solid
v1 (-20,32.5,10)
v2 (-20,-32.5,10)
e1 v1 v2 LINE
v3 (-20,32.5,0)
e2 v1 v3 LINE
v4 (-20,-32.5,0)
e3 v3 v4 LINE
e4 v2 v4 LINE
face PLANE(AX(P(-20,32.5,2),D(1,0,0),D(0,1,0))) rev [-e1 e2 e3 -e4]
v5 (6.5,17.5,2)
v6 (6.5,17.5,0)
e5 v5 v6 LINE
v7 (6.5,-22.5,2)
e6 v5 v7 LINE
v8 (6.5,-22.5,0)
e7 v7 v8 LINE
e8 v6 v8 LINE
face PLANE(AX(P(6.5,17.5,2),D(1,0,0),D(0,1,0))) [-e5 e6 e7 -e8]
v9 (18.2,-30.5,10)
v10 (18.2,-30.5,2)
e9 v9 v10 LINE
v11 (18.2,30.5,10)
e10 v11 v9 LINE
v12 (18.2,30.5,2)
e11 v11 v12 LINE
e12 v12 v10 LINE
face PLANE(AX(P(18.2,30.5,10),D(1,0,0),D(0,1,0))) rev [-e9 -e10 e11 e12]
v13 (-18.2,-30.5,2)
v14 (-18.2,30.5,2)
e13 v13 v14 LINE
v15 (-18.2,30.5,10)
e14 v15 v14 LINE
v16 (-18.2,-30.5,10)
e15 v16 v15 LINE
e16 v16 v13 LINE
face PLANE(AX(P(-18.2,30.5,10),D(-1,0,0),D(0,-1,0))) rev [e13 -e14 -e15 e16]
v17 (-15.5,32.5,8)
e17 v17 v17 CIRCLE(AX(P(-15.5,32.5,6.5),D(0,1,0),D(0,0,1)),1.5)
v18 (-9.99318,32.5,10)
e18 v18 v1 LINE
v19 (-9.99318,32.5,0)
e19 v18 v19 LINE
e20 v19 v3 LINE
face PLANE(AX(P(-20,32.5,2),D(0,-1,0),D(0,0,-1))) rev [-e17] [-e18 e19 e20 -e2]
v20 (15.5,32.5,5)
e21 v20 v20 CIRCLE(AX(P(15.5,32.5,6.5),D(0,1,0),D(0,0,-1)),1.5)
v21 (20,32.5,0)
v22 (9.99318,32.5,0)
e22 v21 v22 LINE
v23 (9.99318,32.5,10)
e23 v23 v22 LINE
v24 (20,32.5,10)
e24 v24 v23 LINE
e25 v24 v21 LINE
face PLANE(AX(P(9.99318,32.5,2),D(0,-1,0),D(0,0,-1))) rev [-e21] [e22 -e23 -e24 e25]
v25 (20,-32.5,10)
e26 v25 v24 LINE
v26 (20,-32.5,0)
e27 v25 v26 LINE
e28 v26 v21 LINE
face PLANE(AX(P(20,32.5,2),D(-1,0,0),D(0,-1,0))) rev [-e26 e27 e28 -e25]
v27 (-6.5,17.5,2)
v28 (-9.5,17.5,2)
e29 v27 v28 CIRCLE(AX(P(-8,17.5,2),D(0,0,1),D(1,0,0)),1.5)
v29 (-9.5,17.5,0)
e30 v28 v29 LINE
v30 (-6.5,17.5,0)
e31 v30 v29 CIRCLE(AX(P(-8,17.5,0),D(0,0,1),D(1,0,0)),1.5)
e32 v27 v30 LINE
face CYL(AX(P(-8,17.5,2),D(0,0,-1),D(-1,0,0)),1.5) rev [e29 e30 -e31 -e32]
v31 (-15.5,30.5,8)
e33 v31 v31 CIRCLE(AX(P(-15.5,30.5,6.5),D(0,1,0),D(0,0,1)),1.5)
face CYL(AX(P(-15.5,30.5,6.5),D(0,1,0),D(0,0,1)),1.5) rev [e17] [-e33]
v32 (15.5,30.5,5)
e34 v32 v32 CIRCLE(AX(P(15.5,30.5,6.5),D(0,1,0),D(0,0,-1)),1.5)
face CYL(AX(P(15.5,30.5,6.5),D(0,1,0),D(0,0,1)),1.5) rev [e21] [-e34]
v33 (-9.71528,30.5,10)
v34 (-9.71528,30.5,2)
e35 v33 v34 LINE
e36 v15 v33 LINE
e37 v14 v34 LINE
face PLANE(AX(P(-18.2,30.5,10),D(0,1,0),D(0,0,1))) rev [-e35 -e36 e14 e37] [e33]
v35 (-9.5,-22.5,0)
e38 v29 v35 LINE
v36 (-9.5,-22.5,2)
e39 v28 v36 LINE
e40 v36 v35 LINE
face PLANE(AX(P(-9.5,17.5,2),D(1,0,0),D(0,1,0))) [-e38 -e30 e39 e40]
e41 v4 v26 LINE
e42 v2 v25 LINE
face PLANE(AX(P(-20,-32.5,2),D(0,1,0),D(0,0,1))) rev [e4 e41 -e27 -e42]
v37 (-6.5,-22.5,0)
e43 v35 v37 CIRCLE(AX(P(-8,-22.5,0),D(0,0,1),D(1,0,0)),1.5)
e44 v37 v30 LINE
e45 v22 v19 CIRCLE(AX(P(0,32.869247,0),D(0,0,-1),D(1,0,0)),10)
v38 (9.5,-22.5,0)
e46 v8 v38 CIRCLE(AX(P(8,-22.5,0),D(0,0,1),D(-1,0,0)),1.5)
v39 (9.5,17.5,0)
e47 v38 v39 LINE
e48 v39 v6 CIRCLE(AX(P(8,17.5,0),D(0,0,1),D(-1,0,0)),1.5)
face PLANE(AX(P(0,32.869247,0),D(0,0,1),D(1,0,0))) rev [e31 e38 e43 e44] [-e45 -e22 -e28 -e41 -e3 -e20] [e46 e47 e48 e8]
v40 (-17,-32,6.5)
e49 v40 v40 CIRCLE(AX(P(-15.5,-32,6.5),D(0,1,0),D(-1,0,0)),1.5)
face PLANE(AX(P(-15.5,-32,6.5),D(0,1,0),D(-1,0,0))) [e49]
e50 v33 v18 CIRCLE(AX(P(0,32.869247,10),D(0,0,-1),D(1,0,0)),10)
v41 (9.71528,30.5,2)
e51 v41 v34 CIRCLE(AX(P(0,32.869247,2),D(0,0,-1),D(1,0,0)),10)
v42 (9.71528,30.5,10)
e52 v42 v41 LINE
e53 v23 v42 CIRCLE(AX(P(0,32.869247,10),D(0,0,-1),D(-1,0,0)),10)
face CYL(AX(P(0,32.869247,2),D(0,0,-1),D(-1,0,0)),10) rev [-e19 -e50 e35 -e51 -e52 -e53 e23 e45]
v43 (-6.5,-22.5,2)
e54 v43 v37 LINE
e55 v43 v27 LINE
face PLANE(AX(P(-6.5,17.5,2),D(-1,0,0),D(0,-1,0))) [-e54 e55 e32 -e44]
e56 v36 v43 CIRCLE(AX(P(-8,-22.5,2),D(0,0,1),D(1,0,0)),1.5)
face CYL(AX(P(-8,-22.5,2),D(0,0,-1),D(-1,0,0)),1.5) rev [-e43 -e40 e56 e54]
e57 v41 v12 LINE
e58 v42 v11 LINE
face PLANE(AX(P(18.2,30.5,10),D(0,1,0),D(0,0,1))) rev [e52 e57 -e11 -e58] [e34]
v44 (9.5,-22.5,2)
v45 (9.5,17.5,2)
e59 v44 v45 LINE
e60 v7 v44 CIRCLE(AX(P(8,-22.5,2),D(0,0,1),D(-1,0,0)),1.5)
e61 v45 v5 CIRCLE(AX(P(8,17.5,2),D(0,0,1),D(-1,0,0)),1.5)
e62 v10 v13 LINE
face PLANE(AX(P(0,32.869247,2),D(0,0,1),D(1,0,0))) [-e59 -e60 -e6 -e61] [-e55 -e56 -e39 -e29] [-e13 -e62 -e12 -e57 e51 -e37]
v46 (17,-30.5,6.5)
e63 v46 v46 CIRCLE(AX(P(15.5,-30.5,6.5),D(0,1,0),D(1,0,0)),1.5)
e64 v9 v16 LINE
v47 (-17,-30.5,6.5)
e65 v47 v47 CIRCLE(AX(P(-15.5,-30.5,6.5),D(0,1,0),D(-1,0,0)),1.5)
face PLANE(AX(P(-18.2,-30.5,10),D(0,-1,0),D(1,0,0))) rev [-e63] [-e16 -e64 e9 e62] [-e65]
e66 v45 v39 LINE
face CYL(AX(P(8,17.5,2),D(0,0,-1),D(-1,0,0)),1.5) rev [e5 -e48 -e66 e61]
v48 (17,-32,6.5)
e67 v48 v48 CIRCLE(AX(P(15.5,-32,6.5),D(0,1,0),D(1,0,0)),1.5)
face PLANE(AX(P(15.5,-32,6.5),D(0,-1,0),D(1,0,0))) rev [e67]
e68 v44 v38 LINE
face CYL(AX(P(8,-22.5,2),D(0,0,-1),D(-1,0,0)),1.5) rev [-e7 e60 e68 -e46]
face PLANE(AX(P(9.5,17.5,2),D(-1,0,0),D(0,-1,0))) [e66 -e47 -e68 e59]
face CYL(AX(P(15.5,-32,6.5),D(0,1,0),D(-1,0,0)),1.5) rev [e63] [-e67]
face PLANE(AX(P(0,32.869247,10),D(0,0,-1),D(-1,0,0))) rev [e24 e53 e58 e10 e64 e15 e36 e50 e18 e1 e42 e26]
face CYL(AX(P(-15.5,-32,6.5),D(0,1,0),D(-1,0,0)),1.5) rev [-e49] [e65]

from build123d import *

# Parameters (mm, degrees)
BOSS_EXTRUDE1_DEPTH = 2
BOSS_EXTRUDE2_DEPTH = 8
SKETCH5_R           = 1.5
CUT_EXTRUDE1_DEPTH  = 2
SKETCH6_R           = 1.5
CUT_EXTRUDE2_DEPTH  = 1.5


with BuildPart() as part:
    # Sketch1 → Boss-Extrude1 (new body)
    with BuildSketch(Plane.XY):
        with BuildLine():
            Line((-20, 32.5), (-9.993180492, 32.5))
            ThreePointArc((-9.993180492, 32.5), (0, 22.869247409), (9.993180492, 32.5))
            Line((9.993180492, 32.5), (20, 32.5))
            Line((20, 32.5), (20, -32.5))
            Line((20, -32.5), (-20, -32.5))
            Line((-20, -32.5), (-20, 32.5))
        make_face()
        with BuildLine():
            Line((-6.5, 17.5), (-6.5, -22.5))
            ThreePointArc((-6.5, -22.5), (-8, -24), (-9.5, -22.5))
            Line((-9.5, -22.5), (-9.5, 17.5))
            ThreePointArc((-9.5, 17.5), (-8, 19), (-6.5, 17.5))
        make_face(mode=Mode.SUBTRACT)
        with BuildLine():
            Line((6.5, 17.5), (6.5, -22.5))
            ThreePointArc((6.5, -22.5), (8, -24), (9.5, -22.5))
            Line((9.5, -22.5), (9.5, 17.5))
            ThreePointArc((9.5, 17.5), (8, 19), (6.5, 17.5))
        make_face(mode=Mode.SUBTRACT)
    extrude(amount=BOSS_EXTRUDE1_DEPTH)

    # Sketch2 → Boss-Extrude2 (add)
    with BuildSketch(Plane.XY.offset(2)):
        with BuildLine():
            Line((-20, 32.5), (-9.993180492, 32.5))
            ThreePointArc((-9.993180492, 32.5), (-9.904839947, 31.492967776), (-9.715280064, 30.5))
            Line((-9.715280064, 30.5), (-18.2, 30.5))
            Line((-18.2, 30.5), (-18.2, -30.5))
            Line((-18.2, -30.5), (18.2, -30.5))
            Line((18.2, -30.5), (18.2, 30.5))
            Line((18.2, 30.5), (9.715280064, 30.5))
            ThreePointArc((9.715280064, 30.5), (9.904839947, 31.492967776), (9.993180492, 32.5))
            Line((9.993180492, 32.5), (20, 32.5))
            Line((20, 32.5), (20, 30.5))
            Line((20, 30.5), (20, -30.5))
            Line((20, -30.5), (20, -32.5))
            Line((20, -32.5), (-20, -32.5))
            Line((-20, -32.5), (-20, -30.5))
            Line((-20, -30.5), (-20, 30.5))
            Line((-20, 30.5), (-20, 32.5))
        make_face()
    extrude(amount=BOSS_EXTRUDE2_DEPTH)

    # Sketch5 → Cut-Extrude1 (cut)
    with BuildSketch(Plane(origin=(0, 32.5, 0), x_dir=(1, 0, 0), z_dir=(0, 1, 0))):
        with Locations(Location((-15.5, -6.5, 0), (0, 0, 270))):
            Circle(SKETCH5_R)
        with Locations(Location((15.5, -6.5, 0), (0, 0, 90))):
            Circle(SKETCH5_R)
    extrude(amount=-CUT_EXTRUDE1_DEPTH, mode=Mode.SUBTRACT)

    # Sketch6 → Cut-Extrude2 (cut)
    with BuildSketch(Plane(origin=(0, -30.5, 0), x_dir=(1, 0, 0), z_dir=(0, 1, 0))):
        with Locations(Location((-15.5, -6.5, 0), (0, 0, 270))):
            Circle(SKETCH6_R)
        with Locations(Location((15.5, -6.5, 0), (0, 0, 90))):
            Circle(SKETCH6_R)
    extrude(amount=-CUT_EXTRUDE2_DEPTH, mode=Mode.SUBTRACT)


solid = part.part
